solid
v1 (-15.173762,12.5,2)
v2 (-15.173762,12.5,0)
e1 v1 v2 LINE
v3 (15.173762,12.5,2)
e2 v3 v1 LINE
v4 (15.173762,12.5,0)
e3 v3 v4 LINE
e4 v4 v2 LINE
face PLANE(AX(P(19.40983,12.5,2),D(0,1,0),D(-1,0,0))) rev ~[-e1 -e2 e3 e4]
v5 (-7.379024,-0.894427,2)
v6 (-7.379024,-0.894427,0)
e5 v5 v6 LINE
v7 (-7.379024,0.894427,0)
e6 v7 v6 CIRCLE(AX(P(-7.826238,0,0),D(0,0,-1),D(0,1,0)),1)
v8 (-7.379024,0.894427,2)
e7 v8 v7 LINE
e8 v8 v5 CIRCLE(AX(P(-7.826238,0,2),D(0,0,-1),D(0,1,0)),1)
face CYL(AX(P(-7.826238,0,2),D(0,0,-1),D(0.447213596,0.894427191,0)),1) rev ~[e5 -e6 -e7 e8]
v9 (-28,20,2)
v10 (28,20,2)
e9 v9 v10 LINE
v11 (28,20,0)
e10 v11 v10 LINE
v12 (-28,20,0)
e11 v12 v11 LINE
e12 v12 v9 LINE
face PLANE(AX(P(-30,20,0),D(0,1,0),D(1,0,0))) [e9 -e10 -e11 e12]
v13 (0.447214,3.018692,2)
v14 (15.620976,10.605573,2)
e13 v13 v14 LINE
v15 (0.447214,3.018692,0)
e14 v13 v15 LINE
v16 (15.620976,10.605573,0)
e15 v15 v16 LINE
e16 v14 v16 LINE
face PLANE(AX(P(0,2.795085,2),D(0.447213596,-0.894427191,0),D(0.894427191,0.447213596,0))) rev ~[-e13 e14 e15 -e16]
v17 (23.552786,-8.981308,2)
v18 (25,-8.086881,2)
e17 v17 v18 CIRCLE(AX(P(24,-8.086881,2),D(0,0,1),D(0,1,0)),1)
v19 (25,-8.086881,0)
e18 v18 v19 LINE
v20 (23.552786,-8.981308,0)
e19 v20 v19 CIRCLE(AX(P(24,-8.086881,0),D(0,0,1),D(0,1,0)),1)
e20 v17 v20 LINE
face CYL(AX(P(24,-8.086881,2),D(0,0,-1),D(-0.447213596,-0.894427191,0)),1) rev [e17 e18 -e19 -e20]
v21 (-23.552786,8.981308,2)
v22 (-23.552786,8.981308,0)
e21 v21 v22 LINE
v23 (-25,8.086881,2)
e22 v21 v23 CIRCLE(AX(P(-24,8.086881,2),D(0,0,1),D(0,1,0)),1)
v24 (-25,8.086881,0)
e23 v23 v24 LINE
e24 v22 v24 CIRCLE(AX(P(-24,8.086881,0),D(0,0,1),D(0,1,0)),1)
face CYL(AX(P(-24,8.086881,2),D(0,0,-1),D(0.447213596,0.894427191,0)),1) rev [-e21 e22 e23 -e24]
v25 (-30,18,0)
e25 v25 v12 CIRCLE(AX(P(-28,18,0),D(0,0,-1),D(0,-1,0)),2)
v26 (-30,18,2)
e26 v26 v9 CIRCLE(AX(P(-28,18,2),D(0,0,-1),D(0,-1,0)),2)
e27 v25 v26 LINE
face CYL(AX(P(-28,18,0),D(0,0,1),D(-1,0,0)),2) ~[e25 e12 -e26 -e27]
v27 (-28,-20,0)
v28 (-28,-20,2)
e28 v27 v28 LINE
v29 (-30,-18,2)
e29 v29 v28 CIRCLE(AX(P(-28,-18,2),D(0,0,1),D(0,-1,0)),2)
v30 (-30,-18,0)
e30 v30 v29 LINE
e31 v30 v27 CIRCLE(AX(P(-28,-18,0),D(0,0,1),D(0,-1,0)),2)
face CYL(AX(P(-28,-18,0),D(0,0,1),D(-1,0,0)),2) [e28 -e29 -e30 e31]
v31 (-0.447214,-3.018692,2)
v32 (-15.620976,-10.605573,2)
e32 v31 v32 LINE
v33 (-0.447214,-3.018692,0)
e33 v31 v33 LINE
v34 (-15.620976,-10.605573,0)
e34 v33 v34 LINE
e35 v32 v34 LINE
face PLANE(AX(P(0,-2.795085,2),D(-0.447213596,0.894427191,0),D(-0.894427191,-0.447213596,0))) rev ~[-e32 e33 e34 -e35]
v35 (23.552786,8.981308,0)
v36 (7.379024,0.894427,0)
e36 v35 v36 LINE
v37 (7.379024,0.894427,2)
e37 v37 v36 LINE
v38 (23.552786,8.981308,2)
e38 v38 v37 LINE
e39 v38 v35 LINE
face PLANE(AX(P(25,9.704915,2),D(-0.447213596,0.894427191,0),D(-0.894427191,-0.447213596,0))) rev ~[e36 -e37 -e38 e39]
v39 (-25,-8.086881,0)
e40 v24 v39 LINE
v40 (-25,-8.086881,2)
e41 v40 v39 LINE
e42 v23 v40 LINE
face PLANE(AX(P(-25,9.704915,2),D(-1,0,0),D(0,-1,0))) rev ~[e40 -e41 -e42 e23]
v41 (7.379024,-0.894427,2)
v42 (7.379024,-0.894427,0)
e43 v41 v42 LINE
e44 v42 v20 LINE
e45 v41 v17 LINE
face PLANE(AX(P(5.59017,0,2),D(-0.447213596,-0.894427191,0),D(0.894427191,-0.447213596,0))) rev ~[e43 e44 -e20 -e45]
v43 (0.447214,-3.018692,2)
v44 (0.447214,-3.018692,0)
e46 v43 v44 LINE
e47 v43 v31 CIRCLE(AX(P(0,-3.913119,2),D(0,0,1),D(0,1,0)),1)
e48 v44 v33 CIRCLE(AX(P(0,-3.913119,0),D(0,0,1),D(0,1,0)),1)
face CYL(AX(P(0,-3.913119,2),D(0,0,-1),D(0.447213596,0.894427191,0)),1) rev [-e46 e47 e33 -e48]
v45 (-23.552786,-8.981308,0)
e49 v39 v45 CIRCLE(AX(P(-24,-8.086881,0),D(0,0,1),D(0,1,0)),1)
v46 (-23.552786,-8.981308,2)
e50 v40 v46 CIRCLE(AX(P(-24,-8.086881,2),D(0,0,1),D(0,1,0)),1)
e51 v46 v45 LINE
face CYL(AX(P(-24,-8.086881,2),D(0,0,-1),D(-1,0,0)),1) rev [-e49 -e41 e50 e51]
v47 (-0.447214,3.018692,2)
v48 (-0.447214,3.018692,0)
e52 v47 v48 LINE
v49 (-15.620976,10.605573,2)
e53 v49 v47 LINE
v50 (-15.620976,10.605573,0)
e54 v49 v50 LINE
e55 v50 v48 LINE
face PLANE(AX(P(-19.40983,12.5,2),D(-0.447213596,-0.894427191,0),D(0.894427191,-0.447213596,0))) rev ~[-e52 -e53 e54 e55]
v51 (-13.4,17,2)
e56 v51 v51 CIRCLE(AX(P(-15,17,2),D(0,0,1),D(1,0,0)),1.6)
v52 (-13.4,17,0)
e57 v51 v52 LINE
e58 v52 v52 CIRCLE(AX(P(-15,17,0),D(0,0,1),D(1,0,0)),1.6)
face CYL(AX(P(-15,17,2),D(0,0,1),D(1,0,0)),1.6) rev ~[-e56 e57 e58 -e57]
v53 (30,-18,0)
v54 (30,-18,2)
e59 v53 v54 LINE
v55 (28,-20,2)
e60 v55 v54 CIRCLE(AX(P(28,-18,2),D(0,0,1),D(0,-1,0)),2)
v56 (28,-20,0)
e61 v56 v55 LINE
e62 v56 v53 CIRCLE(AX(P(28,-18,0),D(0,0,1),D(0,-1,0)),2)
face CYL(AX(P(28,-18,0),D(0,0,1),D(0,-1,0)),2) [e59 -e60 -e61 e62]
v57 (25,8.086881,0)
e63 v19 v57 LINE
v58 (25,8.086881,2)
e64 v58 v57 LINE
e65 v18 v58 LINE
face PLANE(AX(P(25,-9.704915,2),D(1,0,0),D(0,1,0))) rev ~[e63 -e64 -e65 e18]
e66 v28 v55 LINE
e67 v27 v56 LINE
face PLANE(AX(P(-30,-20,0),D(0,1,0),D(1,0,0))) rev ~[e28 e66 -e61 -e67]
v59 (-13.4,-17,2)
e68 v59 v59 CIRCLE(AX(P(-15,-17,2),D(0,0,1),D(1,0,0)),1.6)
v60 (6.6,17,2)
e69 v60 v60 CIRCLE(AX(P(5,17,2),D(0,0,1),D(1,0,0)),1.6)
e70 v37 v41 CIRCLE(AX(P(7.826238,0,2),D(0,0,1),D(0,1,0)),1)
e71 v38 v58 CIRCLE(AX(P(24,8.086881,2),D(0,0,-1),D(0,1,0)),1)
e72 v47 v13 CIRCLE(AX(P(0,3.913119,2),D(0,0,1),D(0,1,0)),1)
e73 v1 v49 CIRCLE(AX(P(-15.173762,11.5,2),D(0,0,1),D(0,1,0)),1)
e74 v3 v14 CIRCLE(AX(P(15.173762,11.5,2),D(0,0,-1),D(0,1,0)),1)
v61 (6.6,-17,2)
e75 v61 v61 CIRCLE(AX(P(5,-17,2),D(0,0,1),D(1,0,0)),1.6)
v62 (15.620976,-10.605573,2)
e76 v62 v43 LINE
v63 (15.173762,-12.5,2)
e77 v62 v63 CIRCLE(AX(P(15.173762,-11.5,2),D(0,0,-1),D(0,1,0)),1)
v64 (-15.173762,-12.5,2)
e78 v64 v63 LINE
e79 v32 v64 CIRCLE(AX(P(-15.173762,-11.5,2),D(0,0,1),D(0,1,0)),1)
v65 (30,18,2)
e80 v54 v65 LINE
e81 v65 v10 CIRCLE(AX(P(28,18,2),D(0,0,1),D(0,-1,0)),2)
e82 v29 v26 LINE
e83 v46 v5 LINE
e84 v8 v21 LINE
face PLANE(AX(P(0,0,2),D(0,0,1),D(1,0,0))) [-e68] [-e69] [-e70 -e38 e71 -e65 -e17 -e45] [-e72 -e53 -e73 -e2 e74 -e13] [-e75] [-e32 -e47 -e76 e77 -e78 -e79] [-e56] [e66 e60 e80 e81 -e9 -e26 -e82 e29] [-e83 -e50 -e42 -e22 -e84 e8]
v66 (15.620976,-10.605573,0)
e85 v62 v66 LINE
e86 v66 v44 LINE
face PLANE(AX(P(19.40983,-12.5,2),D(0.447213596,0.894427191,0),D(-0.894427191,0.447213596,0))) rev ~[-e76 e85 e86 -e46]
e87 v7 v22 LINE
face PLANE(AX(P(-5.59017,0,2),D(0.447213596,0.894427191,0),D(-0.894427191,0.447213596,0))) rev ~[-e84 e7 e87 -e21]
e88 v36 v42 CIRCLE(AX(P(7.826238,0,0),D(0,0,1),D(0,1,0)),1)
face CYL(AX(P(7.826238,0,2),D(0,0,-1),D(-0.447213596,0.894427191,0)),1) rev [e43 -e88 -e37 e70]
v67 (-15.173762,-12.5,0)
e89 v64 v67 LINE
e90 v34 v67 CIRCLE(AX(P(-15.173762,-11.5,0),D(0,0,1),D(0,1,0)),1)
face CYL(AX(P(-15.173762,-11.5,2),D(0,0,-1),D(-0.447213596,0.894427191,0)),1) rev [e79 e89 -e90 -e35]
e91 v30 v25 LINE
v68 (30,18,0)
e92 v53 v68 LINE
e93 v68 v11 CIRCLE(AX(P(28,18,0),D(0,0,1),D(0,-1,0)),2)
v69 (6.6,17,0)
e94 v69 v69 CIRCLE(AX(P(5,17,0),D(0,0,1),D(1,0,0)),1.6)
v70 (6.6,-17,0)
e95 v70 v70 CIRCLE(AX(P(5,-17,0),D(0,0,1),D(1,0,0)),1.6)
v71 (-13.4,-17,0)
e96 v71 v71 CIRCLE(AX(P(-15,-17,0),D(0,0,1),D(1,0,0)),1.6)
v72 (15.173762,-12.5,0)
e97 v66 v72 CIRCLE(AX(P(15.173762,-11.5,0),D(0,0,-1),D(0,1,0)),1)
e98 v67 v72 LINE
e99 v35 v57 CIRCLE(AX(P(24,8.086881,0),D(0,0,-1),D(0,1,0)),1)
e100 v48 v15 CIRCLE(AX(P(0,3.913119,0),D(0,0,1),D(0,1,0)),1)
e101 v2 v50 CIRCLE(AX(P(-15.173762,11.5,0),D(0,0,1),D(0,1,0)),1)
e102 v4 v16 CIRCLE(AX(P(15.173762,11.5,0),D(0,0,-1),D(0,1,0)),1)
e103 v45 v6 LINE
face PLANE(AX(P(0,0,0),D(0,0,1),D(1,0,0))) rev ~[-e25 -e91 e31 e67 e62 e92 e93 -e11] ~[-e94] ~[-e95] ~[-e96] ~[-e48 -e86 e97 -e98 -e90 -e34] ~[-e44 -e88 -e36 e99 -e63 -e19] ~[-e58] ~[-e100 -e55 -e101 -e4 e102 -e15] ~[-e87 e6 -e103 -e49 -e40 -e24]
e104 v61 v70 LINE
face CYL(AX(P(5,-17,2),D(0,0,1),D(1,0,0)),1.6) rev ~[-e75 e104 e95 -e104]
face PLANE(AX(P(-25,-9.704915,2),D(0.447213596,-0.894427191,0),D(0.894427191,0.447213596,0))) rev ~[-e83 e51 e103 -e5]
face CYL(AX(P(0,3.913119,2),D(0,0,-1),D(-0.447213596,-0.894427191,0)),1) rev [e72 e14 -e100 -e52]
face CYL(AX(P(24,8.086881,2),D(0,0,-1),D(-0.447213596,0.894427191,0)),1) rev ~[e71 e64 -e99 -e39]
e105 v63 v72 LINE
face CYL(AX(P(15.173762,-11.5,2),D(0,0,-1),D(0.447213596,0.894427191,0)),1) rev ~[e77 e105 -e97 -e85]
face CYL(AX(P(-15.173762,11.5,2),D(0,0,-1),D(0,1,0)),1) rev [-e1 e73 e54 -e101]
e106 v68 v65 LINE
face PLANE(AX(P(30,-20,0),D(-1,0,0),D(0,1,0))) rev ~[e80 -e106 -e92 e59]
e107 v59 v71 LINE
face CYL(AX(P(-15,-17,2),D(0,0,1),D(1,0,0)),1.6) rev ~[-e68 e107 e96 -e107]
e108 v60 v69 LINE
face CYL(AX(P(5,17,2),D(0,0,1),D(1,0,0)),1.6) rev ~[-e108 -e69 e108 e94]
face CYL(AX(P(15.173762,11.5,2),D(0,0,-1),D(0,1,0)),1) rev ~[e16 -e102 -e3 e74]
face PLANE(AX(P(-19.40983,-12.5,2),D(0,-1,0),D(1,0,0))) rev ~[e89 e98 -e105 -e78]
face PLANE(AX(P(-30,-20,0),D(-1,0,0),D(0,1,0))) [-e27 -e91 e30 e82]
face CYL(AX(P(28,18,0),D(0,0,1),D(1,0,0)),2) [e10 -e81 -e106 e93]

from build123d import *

# Parameters (mm, degrees)
SKETCH_1_W          = 60
SKETCH_1_H          = 40
EXTRUDE_1_DEPTH     = 2
FILLET_1_R          = 2
SKETCH_2_R          = 1.6
CUT_EXTRUDE_1_DEPTH = 37.110940171
CUT_EXTRUDE_2_DEPTH = 37.110940171
FILLET_2_R          = 1


with BuildPart() as part:
    # 草图1 → 凸台-拉伸1 (new body)
    with BuildSketch(Plane.XY):
        Rectangle(SKETCH_1_W, SKETCH_1_H)
    extrude(amount=EXTRUDE_1_DEPTH)

    # 圆角1
    fillet_1_edges = [part.edges().sort_by_distance(p)[0] for p in [
        (30, -20, 1),
        (-30, -20, 1),
        (-30, 20, 1),
        (30, 20, 1),
    ]]
    fillet(fillet_1_edges, radius=FILLET_1_R)

    # 草图2 → 切除-拉伸1 (cut, through all)
    with BuildSketch(Plane.XY.offset(2)):
        with Locations((-15, 17)):
            Circle(SKETCH_2_R)
        with Locations((5, 17)):
            Circle(SKETCH_2_R)
        with Locations((5, -17)):
            Circle(SKETCH_2_R)
        with Locations((-15, -17)):
            Circle(SKETCH_2_R)
    extrude(amount=-CUT_EXTRUDE_1_DEPTH, mode=Mode.SUBTRACT)

    # 草图3 → 切除-拉伸2 (cut, through all)
    with BuildSketch(Plane.XY.offset(2)):
        Polygon((-5.590169944, 0), (-25, 9.704915028), (-25, -9.704915028), align=None)
        Polygon((19.409830056, 12.5), (-19.409830056, 12.5), (0, 2.795084972), align=None)
        Polygon((19.409830056, -12.5), (0, -2.795084972), (-19.409830056, -12.5), align=None)
        Polygon((25, 9.704915028), (5.590169944, 0), (25, -9.704915028), align=None)
    extrude(amount=-CUT_EXTRUDE_2_DEPTH, mode=Mode.SUBTRACT)

    # 圆角2
    fillet_2_edges = [part.edges().sort_by_distance(p)[0] for p in [
        (0, 2.795084972, 1),
        (-19.409830056, 12.5, 1),
        (19.409830056, 12.5, 1),
        (-19.409830056, -12.5, 1),
        (0, -2.795084972, 1),
        (19.409830056, -12.5, 1),
        (5.590169944, 0, 1),
        (25, 9.704915028, 1),
        (25, -9.704915028, 1),
        (-25, -9.704915028, 1),
        (-25, 9.704915028, 1),
        (-5.590169944, 0, 1),
    ]]
    fillet(fillet_2_edges, radius=FILLET_2_R)


solid = part.part
